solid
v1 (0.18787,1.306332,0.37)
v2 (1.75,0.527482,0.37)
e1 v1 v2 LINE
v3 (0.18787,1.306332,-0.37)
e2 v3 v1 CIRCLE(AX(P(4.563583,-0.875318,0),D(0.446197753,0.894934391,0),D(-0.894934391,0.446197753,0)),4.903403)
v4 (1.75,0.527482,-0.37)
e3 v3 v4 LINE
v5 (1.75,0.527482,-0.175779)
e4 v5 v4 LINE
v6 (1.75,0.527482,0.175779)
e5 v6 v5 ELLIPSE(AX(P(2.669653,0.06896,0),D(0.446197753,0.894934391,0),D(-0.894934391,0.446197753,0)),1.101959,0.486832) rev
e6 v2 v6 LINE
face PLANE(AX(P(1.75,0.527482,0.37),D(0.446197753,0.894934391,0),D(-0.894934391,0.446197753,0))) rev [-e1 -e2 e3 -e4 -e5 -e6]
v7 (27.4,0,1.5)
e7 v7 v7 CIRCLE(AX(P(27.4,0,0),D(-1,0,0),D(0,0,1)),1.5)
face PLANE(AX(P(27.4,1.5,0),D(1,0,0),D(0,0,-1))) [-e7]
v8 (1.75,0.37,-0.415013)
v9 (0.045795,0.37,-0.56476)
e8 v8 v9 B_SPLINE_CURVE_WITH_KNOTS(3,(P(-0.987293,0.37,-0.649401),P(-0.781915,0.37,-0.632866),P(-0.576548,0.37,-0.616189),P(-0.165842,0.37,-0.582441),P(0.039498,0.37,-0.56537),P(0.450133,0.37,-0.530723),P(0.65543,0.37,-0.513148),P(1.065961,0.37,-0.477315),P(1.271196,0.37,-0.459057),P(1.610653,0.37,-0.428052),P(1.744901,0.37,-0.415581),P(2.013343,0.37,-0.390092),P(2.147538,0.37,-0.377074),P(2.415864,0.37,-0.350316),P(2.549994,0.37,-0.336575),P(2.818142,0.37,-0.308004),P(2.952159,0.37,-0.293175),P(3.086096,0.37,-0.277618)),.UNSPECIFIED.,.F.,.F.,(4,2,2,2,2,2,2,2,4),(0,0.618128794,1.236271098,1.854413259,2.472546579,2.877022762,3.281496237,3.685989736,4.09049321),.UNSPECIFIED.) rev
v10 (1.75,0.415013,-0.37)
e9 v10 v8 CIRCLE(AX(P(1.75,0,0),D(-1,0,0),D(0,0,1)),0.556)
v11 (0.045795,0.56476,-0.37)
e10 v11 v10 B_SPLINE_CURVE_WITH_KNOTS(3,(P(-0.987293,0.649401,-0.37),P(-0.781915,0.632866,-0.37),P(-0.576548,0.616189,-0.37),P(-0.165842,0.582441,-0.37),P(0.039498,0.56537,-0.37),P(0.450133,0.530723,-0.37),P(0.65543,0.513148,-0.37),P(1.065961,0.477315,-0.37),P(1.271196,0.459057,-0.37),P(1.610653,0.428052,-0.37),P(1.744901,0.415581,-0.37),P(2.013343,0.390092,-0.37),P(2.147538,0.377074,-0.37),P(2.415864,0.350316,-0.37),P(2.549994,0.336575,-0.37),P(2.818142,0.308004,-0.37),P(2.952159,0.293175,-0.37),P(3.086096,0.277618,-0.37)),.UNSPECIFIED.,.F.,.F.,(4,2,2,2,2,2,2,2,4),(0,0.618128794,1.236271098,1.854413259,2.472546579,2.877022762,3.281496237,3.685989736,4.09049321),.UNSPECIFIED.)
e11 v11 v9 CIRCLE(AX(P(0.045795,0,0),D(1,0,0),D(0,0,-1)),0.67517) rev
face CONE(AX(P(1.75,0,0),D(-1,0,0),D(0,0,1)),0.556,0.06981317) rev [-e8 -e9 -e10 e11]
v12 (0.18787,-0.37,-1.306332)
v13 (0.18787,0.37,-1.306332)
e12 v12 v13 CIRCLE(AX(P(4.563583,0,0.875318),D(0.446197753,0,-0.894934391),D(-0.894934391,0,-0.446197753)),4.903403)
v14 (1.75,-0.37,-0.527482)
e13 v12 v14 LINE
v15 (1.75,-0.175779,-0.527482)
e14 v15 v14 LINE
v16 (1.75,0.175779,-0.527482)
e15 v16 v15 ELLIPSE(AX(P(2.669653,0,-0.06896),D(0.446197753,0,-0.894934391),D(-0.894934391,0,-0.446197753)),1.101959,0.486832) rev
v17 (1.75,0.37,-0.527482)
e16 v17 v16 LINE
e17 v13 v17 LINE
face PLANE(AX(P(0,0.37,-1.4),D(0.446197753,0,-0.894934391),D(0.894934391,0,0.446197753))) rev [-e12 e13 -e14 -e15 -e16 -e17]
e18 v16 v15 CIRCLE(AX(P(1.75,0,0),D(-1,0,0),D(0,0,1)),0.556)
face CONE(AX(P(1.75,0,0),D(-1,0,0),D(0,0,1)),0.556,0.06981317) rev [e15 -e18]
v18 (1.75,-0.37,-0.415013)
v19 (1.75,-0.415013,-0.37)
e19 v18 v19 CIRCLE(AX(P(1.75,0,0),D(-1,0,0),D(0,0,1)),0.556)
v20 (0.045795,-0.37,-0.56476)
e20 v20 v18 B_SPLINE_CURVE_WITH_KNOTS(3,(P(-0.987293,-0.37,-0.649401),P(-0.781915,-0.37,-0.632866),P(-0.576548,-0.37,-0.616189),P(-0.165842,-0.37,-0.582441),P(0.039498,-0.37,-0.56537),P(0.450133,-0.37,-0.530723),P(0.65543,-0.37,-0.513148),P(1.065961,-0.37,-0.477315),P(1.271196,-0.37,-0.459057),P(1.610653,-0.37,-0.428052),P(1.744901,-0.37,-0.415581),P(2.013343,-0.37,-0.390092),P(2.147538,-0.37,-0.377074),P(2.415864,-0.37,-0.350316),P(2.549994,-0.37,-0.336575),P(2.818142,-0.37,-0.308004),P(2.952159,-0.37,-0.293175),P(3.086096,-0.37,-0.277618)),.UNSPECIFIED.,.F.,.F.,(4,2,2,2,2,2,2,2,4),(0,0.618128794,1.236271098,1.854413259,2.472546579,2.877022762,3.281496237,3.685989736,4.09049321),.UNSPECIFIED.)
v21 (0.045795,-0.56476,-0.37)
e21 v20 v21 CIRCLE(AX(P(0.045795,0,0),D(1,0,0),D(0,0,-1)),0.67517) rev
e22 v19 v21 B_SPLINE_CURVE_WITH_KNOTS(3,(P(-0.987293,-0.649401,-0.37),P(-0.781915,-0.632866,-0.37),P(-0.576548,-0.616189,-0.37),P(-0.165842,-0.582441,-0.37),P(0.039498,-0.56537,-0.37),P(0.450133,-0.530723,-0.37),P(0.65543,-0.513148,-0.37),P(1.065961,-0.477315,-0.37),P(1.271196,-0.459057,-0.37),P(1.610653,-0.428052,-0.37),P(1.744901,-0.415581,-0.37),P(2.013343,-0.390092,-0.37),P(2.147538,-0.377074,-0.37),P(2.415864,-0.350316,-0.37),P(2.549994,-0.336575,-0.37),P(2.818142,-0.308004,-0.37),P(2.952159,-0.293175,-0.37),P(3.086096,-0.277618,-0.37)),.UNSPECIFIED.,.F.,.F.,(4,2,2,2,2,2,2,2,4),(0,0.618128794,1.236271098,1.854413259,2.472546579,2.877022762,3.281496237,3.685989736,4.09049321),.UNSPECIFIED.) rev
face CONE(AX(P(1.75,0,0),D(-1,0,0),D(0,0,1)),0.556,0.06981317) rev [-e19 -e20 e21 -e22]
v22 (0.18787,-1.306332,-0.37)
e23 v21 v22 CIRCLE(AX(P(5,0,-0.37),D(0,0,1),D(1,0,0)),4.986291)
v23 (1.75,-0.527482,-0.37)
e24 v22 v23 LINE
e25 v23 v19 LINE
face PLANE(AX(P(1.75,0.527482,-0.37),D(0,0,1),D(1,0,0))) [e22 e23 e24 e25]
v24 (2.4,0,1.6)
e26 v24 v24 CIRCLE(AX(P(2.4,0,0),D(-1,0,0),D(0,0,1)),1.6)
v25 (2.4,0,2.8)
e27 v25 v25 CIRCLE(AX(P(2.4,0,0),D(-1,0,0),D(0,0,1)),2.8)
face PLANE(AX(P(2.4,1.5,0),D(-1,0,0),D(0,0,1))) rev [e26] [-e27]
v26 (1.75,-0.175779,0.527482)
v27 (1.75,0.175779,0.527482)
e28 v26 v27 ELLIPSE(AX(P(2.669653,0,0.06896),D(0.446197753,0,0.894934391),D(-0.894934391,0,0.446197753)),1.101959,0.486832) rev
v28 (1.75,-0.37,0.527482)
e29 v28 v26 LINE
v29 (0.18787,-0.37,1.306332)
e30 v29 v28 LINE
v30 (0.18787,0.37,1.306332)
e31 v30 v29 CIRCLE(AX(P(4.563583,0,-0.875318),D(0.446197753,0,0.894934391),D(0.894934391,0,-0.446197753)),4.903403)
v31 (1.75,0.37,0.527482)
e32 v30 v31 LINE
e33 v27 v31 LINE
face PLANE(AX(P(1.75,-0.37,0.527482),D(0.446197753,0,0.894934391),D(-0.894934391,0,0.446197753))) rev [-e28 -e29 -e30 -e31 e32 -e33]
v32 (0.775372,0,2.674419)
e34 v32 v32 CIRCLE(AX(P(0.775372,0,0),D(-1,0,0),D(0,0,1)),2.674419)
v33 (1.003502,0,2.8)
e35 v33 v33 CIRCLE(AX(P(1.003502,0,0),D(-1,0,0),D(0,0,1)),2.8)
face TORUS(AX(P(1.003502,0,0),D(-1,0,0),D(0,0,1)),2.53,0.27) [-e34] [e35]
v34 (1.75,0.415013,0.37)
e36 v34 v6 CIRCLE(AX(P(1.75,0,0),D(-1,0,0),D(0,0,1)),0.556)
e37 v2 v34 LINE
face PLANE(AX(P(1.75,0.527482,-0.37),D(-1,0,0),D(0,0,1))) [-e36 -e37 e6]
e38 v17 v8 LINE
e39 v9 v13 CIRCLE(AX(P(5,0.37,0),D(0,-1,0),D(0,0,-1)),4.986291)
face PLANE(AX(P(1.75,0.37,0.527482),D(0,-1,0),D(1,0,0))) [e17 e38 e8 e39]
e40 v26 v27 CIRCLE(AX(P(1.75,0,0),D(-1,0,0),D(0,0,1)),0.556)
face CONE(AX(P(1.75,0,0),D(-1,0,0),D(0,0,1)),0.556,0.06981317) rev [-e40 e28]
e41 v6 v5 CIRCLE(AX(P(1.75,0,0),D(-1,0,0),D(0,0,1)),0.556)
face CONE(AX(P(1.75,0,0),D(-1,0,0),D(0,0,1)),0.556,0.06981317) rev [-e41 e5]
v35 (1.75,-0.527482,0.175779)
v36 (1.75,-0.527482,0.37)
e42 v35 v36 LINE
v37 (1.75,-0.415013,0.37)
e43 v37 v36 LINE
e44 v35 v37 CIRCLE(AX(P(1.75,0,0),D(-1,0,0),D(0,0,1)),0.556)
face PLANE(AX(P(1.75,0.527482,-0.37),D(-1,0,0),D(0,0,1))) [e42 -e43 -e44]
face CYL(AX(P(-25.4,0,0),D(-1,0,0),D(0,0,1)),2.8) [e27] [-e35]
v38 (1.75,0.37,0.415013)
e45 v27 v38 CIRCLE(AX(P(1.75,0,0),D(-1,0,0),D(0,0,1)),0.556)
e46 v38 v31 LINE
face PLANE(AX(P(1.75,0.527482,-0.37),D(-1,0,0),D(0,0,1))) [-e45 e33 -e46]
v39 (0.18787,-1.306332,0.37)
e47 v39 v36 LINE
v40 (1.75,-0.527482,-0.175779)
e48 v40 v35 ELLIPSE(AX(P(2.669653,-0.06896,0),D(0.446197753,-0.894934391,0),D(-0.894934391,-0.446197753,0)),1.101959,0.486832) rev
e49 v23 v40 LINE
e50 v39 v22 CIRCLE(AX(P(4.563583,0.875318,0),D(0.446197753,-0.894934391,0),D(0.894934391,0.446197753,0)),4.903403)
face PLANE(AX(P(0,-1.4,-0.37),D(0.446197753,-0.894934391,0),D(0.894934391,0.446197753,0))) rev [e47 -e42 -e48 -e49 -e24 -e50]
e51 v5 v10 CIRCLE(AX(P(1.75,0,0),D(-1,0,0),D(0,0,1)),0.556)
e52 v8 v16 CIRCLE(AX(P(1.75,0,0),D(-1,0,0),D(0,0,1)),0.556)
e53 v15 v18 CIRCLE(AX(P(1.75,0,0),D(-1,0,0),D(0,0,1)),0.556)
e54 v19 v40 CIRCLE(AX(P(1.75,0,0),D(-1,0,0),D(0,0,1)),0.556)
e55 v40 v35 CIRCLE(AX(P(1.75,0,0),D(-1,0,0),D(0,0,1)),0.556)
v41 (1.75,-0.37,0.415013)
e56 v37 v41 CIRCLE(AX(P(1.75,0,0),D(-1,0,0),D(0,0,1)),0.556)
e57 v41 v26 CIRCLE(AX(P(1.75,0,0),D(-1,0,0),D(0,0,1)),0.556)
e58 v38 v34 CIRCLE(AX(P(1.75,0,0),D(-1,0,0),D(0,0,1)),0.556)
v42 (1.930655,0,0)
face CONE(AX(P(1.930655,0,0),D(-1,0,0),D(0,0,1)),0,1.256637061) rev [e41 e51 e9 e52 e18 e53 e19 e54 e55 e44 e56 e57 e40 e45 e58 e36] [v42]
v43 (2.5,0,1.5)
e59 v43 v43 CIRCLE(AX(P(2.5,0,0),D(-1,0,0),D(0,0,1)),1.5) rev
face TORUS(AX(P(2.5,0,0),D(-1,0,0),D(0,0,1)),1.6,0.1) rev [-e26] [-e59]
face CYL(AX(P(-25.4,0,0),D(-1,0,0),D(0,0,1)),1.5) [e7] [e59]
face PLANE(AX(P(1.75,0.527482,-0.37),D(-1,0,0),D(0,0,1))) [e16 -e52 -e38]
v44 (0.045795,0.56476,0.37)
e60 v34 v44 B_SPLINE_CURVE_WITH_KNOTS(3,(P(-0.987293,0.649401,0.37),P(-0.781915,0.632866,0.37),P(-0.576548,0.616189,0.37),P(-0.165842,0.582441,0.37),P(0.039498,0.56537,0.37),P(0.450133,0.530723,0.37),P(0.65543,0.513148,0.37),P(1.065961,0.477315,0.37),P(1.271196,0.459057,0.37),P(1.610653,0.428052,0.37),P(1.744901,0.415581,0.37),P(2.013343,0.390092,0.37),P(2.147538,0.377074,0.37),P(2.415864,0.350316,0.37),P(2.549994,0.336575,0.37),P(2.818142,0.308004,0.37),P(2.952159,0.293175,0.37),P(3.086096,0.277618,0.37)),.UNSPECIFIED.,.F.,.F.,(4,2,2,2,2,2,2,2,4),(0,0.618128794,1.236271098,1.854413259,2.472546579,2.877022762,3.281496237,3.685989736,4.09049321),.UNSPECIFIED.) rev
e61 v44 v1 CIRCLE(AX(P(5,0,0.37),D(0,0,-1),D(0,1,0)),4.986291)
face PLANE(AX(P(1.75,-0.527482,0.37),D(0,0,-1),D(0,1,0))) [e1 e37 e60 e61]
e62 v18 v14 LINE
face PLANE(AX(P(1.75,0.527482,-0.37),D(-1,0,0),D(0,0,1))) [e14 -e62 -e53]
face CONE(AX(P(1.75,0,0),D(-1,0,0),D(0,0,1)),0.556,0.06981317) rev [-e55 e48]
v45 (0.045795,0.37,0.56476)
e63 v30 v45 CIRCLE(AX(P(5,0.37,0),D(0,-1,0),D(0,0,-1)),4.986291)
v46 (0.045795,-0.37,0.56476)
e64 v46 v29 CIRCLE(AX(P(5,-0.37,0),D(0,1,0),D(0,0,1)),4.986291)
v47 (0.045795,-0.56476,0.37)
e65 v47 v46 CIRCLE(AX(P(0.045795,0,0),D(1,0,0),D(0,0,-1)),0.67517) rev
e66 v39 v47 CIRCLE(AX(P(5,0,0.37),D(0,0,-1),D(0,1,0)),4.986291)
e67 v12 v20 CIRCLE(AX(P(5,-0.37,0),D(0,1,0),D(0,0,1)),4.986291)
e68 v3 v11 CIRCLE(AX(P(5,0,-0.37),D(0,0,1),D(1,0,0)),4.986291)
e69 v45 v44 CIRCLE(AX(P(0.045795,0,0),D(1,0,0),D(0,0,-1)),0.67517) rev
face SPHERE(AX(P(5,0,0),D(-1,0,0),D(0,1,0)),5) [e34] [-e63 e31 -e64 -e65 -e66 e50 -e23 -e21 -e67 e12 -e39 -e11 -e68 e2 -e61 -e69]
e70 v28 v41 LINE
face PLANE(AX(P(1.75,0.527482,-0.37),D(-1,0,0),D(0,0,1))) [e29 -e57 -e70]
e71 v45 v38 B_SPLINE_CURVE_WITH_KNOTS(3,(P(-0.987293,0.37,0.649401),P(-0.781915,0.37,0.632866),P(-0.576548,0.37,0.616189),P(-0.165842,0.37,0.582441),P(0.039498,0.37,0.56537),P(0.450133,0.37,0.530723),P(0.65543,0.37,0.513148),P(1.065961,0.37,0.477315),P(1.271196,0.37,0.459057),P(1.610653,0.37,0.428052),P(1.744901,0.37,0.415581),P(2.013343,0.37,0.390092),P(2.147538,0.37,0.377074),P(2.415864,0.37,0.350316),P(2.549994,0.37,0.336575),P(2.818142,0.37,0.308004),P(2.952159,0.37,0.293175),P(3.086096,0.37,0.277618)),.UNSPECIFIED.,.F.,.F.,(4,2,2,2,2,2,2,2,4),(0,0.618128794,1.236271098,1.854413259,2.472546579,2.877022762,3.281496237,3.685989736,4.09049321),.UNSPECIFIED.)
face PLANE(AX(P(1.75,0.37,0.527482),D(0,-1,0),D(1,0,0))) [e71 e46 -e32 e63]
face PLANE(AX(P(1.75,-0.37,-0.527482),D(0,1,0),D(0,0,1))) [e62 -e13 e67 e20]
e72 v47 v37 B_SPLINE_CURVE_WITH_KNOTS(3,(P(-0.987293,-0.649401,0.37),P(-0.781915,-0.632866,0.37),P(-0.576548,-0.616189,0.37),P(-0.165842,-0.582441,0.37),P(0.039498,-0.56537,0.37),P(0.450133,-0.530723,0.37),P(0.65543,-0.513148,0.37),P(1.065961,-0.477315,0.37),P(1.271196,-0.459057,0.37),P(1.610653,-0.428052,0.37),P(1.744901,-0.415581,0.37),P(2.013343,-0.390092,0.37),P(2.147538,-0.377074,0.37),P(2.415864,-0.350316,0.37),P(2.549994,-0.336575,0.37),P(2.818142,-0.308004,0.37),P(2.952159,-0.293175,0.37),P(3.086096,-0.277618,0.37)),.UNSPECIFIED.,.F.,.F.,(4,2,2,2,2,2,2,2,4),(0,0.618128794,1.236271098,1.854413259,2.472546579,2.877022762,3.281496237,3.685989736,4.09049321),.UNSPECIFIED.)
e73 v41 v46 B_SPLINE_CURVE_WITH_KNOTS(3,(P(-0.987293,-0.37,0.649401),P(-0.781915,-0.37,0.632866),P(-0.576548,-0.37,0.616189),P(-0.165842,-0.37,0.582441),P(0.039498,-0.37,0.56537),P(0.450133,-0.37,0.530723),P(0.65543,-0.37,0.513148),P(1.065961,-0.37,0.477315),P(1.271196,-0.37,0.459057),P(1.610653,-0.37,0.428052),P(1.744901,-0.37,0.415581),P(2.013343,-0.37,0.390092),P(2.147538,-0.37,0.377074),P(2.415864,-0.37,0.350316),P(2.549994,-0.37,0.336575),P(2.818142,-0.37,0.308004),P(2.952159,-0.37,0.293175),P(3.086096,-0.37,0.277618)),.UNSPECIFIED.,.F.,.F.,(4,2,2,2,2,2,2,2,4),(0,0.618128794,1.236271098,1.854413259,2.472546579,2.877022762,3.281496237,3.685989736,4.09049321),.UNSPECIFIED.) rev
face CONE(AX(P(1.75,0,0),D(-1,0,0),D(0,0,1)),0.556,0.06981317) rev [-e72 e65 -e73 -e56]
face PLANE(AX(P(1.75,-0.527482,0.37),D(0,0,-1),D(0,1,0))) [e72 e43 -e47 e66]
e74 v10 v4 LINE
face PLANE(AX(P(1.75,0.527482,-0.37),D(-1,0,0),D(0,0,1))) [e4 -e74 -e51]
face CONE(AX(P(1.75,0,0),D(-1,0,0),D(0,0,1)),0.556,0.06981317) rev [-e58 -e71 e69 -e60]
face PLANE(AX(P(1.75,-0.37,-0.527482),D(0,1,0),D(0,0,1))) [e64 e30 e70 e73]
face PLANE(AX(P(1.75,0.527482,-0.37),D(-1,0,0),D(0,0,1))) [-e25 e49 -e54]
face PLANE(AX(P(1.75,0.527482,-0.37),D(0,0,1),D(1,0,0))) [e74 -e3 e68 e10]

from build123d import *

# Parameters (mm, degrees)
FILLET1_R    = 0.1
RECPAT_COUNT = 2
RECPAT_ANGLE = 90


with BuildPart() as part:
    # BodySke → Base-Revolve (revolve)
    with BuildSketch(Plane.XY, mode=Mode.PRIVATE) as base_revolve_sk:
        with BuildLine():
            Line((2.4, 1.5), (2.4, 2.8))
            Line((2.4, 2.8), (1.003501533, 2.8))
            ThreePointArc((1.003501533, 2.8), (0.873295971, 2.76653015), (0.775371599, 2.674418605))
            ThreePointArc((0.775371599, 2.674418605), (0.197753546, 1.392274756), (0, 0))
            Line((0, 0), (27.4, 0))
            Line((27.4, 0), (27.4, 1.5))
            Line((27.4, 1.5), (2.4, 1.5))
        make_face()
    revolve(base_revolve_sk.sketch.rotate(Axis((1.003501533, 0, 0), (1, 0, 0)), 90), axis=Axis((1.003501533, 0, 0), (1, 0, 0)))

    # Fillet1
    fillet1_edges = [part.edges().sort_by_distance(p)[0] for p in [
        (2.4, 0, -1.5),
    ]]
    fillet(fillet1_edges, radius=FILLET1_R)

    # Sketch3 → Recess section 0
    with BuildSketch(Plane(origin=(0, 0, 0), x_dir=(0, 0, -1), z_dir=(1, 0, 0))):
        with BuildLine():
            Line((0.37, -1.4), (-0.37, -1.4))
            Line((-0.37, -1.4), (-0.37, 1.4))
            Line((-0.37, 1.4), (0.37, 1.4))
            Line((0.37, 1.4), (0.37, -1.4))
        make_face()
    # Sketch4 → Recess section 1
    with BuildSketch(Plane(origin=(1.75, 0, 0), x_dir=(0, 0, -1), z_dir=(1, 0, 0))):
        with BuildLine():
            Line((0.37, -0.527482332), (-0.37, -0.527482332))
            Line((-0.37, -0.527482332), (-0.37, 0.527482332))
            Line((-0.37, 0.527482332), (0.37, 0.527482332))
            Line((0.37, 0.527482332), (0.37, -0.527482332))
        make_face()
    recess = loft(mode=Mode.SUBTRACT)

    # RecPat: Recess ×2 about axis
    recpat_axis = Axis((0, 0, 0), (1, 0, 0))
    for i in range(1, RECPAT_COUNT):
        add(recess.rotate(recpat_axis, i * RECPAT_ANGLE / (RECPAT_COUNT - 1)), mode=Mode.SUBTRACT)

    # RecCorSke → RecessCore (revolve, cut)
    with BuildSketch(Plane.XY, mode=Mode.PRIVATE) as recesscore_sk:
        Polygon((0, 0), (0, 0.678371921), (1.75, 0.556), (1.930655351, 0), align=None)
    revolve(recesscore_sk.sketch.rotate(Axis((-3.175, 0, 0), (1, 0, 0)), 15.814025638), axis=Axis((-3.175, 0, 0), (1, 0, 0)), mode=Mode.SUBTRACT)


solid = part.part
